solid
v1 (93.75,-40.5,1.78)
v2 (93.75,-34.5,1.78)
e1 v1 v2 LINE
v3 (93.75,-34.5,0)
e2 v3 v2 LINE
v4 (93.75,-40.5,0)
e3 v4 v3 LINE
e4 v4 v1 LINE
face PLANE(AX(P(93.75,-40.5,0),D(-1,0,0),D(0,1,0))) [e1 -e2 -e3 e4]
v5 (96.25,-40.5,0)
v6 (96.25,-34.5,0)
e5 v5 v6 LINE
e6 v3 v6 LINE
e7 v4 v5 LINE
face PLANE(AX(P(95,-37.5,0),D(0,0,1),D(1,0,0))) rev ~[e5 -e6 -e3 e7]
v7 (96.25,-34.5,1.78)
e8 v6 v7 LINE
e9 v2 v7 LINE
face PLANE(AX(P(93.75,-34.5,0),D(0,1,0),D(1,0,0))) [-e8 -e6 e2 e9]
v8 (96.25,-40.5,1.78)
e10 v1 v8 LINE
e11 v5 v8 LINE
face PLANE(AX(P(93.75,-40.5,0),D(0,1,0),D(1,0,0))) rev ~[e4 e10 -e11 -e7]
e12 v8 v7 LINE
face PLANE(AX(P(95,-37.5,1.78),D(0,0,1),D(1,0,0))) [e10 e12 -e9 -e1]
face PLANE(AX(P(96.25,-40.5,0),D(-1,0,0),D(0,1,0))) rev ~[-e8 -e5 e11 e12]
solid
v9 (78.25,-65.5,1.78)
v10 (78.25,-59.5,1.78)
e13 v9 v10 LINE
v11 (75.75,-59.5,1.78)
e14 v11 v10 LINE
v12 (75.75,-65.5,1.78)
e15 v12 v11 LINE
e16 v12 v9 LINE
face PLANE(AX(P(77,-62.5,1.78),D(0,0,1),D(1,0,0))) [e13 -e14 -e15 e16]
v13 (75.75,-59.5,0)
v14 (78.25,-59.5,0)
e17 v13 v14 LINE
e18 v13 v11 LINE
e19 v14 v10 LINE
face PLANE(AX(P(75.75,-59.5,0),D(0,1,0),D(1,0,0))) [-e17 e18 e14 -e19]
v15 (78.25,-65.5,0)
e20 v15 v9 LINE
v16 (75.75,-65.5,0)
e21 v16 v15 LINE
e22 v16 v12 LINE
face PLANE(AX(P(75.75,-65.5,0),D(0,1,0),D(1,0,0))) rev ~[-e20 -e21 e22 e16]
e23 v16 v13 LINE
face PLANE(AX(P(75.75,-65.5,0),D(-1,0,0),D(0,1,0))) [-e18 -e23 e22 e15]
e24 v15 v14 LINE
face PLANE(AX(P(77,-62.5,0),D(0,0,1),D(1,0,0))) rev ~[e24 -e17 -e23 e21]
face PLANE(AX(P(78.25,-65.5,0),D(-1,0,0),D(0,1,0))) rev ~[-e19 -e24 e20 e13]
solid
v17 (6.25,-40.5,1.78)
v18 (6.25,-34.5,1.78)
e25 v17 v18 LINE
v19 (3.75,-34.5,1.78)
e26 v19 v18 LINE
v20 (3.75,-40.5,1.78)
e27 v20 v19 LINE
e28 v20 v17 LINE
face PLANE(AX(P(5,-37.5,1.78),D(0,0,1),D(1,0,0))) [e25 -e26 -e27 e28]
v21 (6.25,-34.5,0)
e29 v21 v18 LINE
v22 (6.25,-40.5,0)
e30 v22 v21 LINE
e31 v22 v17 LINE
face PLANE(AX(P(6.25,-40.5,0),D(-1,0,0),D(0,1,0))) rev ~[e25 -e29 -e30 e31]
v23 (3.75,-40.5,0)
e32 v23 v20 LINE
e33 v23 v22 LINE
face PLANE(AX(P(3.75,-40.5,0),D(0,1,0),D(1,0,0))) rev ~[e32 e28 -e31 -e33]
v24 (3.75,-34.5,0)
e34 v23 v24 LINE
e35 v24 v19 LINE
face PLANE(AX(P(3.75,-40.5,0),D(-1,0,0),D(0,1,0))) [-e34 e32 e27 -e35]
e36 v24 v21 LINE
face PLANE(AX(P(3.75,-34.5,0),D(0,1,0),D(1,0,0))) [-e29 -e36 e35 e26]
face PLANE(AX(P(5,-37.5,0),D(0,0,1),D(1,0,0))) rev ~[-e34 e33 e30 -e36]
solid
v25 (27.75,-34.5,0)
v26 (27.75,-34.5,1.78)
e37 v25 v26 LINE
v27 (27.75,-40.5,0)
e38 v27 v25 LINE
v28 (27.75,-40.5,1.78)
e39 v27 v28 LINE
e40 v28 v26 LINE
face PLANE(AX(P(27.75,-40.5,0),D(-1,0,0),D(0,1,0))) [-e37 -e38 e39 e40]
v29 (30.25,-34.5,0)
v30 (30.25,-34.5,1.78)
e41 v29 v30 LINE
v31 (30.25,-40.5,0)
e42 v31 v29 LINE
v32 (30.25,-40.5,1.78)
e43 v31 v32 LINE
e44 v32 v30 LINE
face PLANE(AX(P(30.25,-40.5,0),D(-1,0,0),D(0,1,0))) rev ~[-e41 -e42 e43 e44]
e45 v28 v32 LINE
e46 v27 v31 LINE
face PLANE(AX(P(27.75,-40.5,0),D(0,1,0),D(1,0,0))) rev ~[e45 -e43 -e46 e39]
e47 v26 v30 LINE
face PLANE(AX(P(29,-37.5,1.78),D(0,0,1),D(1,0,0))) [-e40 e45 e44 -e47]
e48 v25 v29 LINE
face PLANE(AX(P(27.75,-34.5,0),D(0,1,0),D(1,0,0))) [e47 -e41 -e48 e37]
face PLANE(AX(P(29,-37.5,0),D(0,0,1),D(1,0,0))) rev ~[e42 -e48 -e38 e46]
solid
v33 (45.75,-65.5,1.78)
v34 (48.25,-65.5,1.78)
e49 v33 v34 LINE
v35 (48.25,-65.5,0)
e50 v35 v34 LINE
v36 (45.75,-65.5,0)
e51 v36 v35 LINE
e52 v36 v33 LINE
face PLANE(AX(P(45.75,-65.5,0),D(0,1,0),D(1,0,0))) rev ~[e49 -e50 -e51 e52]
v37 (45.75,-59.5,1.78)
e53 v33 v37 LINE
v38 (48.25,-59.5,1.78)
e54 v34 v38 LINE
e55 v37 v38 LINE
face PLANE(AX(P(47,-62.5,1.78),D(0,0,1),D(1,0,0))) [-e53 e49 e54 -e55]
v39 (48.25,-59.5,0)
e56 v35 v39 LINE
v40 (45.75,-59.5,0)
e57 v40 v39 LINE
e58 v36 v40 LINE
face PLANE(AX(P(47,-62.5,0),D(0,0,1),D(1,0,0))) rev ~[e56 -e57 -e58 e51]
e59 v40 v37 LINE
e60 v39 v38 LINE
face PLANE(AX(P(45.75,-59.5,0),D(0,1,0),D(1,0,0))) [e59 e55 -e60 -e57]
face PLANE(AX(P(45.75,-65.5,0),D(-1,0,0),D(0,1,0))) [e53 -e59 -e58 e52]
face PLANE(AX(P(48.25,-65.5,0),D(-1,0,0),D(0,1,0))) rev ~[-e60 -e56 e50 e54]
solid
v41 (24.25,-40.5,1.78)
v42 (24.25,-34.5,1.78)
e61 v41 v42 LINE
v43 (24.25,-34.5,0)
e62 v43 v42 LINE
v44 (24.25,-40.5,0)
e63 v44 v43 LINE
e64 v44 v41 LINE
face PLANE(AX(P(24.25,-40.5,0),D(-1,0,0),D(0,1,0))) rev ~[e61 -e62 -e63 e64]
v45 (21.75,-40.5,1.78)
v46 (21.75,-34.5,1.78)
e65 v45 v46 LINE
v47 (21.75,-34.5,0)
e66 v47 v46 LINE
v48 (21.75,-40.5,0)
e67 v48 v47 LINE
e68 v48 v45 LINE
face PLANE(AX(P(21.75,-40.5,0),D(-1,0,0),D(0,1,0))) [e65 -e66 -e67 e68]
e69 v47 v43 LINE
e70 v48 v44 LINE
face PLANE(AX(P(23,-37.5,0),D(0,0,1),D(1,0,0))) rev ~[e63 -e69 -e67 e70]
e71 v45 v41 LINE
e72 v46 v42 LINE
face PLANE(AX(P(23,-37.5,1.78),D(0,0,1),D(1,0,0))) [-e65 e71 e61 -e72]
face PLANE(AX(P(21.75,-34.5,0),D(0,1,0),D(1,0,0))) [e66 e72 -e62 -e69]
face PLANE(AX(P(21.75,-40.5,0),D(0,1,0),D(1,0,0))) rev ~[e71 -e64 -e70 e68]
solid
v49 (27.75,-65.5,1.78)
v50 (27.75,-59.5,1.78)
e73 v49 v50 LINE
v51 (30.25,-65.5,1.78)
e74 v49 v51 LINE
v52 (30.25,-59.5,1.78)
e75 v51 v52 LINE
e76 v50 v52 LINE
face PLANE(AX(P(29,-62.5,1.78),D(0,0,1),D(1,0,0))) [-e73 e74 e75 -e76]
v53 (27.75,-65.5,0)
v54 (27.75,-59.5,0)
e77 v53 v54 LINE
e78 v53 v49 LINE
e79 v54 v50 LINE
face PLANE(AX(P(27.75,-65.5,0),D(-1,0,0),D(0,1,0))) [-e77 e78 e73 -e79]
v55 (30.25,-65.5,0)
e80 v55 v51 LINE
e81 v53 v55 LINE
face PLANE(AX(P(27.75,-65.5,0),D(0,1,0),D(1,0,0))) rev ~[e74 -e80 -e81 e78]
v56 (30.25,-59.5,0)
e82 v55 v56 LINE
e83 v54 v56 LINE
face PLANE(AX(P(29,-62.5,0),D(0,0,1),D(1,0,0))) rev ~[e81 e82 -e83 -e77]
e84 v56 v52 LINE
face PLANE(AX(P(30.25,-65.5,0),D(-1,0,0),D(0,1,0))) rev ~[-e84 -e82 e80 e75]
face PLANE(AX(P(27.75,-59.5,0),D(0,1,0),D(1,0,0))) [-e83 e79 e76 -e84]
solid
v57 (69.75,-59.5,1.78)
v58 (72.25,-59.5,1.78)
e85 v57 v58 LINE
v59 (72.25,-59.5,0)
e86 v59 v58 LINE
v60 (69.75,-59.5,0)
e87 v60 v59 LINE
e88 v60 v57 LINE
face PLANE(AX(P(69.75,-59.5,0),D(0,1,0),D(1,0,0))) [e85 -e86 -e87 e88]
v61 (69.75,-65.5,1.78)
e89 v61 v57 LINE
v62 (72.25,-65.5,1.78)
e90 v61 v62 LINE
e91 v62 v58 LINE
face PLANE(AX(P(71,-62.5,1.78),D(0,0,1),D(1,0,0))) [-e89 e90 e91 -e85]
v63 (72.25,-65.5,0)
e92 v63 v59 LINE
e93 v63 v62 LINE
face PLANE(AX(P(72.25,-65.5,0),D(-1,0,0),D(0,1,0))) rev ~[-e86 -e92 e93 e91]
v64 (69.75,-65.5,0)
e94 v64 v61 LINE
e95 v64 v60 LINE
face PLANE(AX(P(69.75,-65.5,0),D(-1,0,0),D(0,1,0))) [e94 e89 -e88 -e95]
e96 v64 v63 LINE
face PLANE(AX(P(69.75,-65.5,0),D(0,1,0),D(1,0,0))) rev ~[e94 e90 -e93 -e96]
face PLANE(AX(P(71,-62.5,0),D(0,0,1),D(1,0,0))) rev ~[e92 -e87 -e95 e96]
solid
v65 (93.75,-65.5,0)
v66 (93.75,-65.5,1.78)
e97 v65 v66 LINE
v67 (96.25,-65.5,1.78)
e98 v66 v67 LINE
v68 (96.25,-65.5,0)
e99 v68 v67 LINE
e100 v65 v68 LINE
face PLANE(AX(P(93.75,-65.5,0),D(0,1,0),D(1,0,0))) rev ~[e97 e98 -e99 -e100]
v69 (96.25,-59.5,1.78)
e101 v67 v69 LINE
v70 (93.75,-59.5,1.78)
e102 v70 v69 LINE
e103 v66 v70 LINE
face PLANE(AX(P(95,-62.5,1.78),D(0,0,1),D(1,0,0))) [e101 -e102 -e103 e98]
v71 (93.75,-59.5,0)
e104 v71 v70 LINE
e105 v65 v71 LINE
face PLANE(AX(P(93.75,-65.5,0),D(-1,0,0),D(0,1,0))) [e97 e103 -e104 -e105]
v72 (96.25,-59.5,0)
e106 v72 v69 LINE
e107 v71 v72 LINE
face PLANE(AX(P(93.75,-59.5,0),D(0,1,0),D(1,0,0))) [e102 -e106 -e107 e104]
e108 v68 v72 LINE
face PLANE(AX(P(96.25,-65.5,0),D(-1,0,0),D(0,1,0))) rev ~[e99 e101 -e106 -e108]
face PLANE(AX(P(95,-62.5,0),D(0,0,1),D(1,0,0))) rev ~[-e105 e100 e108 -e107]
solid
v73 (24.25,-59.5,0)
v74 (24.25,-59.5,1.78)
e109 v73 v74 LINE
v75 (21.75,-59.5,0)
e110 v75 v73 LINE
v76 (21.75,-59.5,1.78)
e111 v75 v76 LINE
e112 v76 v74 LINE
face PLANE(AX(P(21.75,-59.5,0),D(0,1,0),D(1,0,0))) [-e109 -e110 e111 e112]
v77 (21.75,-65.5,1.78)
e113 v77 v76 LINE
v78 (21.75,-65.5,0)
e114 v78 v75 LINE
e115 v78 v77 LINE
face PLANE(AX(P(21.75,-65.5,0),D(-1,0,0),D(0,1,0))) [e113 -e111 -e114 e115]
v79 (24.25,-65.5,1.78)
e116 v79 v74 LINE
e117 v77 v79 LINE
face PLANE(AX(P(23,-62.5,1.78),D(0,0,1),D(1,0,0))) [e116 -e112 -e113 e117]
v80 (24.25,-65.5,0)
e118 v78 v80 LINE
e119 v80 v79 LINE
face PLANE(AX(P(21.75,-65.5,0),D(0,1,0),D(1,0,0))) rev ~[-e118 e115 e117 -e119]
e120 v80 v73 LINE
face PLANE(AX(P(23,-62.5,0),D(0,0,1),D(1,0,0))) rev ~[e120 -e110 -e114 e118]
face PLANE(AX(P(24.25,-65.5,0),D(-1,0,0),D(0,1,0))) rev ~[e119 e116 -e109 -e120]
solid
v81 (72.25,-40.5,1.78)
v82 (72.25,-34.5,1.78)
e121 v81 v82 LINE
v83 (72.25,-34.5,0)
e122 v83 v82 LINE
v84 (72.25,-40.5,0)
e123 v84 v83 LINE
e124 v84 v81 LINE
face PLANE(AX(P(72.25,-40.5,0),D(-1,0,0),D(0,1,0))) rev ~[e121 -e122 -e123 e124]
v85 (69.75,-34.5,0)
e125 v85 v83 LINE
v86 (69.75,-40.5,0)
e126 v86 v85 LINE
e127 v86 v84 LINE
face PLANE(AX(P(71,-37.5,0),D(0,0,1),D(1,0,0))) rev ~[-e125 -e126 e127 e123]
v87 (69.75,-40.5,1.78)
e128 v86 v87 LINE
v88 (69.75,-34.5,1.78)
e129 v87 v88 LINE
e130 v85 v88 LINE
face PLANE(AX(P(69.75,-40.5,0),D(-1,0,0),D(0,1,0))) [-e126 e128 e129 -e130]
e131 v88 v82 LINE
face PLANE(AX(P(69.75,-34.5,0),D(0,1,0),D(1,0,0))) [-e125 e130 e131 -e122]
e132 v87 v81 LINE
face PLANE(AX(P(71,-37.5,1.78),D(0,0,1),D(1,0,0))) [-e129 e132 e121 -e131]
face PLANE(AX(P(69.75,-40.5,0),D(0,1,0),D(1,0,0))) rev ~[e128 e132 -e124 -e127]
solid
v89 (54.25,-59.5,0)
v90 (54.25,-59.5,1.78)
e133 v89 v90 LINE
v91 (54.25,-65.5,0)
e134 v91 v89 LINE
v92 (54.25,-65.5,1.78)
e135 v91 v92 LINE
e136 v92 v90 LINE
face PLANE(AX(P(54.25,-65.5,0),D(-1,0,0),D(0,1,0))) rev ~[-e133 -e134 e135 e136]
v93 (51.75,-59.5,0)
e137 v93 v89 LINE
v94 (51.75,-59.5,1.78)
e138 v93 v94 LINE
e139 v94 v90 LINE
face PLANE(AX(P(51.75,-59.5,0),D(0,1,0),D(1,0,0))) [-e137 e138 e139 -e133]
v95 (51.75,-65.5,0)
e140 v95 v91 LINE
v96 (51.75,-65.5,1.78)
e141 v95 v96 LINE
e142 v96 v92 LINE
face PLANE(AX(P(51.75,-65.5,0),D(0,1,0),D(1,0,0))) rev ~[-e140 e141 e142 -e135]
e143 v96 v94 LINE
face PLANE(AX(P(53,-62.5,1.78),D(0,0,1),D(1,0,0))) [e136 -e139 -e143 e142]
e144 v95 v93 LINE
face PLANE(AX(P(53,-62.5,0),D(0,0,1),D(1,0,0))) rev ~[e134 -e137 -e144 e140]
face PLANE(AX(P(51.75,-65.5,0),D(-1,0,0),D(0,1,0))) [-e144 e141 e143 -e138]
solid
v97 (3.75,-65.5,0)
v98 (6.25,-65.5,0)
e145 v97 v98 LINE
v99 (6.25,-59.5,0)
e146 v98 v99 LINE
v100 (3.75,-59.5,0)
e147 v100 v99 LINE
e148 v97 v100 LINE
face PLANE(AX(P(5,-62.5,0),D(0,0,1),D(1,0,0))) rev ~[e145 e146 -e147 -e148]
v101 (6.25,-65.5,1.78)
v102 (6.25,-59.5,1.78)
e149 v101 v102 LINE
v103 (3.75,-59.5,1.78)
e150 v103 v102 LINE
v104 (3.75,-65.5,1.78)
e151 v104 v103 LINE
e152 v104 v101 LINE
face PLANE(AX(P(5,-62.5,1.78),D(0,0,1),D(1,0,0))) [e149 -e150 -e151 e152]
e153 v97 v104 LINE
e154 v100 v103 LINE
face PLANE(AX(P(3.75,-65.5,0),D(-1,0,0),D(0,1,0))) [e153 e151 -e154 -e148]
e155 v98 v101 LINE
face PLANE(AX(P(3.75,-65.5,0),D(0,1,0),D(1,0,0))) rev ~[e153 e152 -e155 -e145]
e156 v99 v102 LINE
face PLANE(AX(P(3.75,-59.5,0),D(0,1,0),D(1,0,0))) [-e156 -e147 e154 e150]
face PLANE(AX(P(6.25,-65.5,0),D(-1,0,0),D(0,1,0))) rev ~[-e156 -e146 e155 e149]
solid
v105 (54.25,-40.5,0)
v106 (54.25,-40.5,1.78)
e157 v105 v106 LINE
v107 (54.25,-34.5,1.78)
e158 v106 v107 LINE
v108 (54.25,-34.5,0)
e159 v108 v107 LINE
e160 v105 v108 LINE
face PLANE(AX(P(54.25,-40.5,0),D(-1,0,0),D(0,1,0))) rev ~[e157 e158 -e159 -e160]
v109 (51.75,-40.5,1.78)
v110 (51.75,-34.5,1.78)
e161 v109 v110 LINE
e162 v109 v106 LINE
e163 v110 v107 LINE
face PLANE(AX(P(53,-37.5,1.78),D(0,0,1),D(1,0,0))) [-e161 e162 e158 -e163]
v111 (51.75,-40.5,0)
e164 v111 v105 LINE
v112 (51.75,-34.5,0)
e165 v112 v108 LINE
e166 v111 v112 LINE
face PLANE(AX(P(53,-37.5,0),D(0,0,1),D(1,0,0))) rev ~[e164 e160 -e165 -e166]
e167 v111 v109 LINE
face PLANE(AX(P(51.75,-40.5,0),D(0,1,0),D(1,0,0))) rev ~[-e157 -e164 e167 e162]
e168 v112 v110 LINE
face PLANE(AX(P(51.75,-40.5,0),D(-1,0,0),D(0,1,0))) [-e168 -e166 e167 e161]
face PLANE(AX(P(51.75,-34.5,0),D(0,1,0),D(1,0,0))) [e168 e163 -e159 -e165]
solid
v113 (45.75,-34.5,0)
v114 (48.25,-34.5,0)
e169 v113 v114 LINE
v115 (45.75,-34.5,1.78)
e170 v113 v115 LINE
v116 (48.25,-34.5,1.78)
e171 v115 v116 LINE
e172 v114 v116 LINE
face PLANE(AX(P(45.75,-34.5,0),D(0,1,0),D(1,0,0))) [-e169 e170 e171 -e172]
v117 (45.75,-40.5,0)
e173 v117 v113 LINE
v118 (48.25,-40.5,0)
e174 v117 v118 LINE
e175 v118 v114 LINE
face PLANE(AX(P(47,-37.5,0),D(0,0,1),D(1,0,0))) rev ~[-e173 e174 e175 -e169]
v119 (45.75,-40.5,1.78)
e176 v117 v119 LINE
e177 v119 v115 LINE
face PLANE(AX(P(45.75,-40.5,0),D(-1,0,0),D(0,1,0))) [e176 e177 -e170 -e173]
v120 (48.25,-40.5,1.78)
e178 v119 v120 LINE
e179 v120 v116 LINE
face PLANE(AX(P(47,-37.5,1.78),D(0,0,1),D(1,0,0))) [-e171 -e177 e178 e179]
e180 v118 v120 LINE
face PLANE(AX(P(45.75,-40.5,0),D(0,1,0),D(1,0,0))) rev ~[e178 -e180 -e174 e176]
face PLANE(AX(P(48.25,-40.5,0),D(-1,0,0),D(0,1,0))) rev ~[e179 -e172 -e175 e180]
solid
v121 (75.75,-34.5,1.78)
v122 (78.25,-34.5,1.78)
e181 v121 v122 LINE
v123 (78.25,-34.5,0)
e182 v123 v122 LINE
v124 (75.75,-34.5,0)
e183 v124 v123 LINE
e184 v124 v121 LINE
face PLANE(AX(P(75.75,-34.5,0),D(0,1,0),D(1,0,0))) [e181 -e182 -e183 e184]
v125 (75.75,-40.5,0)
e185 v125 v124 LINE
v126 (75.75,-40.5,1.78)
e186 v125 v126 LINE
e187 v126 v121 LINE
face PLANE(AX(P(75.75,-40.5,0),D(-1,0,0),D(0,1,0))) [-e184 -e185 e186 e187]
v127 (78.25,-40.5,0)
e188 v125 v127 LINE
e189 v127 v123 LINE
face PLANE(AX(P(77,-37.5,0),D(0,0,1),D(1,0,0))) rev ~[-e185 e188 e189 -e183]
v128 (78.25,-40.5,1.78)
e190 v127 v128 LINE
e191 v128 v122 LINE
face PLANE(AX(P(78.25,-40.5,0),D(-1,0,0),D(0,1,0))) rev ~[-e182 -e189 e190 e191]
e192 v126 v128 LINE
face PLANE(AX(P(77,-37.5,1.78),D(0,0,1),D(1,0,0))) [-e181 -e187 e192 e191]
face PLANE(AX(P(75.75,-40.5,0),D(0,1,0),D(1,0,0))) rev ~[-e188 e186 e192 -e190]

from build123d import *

# Parameters (mm, degrees)
SKETCH1_W              = 2.5
SKETCH1_H              = 6
BOSS_EXTRUDE1_DEPTH    = 1.78
BOSS_EXTRUDE1_2_DEPTH  = 1.78
BOSS_EXTRUDE1_3_DEPTH  = 1.78
BOSS_EXTRUDE1_4_DEPTH  = 1.78
BOSS_EXTRUDE1_5_DEPTH  = 1.78
BOSS_EXTRUDE1_6_DEPTH  = 1.78
BOSS_EXTRUDE1_7_DEPTH  = 1.78
BOSS_EXTRUDE1_8_DEPTH  = 1.78
BOSS_EXTRUDE1_9_DEPTH  = 1.78
BOSS_EXTRUDE1_10_DEPTH = 1.78
BOSS_EXTRUDE1_11_DEPTH = 1.78
BOSS_EXTRUDE1_12_DEPTH = 1.78
BOSS_EXTRUDE1_13_DEPTH = 1.78
BOSS_EXTRUDE1_14_DEPTH = 1.78
BOSS_EXTRUDE1_15_DEPTH = 1.78
BOSS_EXTRUDE1_16_DEPTH = 1.78


with BuildPart() as part:
    # Sketch1 → Boss-Extrude1 (new body)
    with BuildSketch(Plane.XY):
        with Locations((23, -37.5)):
            Rectangle(SKETCH1_W, SKETCH1_H)
    extrude(amount=BOSS_EXTRUDE1_DEPTH)


with BuildPart() as body_2:
    # Sketch1 → Boss-Extrude1 2 (new body)
    with BuildSketch(Plane.XY):
        with Locations((5, -37.5)):
            Rectangle(SKETCH1_W, SKETCH1_H)
    extrude(amount=BOSS_EXTRUDE1_2_DEPTH)


with BuildPart() as body_3:
    # Sketch1 → Boss-Extrude1 3 (new body)
    with BuildSketch(Plane.XY):
        with Locations((5, -62.5)):
            Rectangle(SKETCH1_W, SKETCH1_H)
    extrude(amount=BOSS_EXTRUDE1_3_DEPTH)


with BuildPart() as body_4:
    # Sketch1 → Boss-Extrude1 4 (new body)
    with BuildSketch(Plane.XY):
        with Locations((23, -62.5)):
            Rectangle(SKETCH1_W, SKETCH1_H)
    extrude(amount=BOSS_EXTRUDE1_4_DEPTH)


with BuildPart() as body_5:
    # Sketch1 → Boss-Extrude1 5 (new body)
    with BuildSketch(Plane.XY):
        with Locations((47, -37.5)):
            Rectangle(SKETCH1_W, SKETCH1_H)
    extrude(amount=BOSS_EXTRUDE1_5_DEPTH)


with BuildPart() as body_6:
    # Sketch1 → Boss-Extrude1 6 (new body)
    with BuildSketch(Plane.XY):
        with Locations((29, -37.5)):
            Rectangle(SKETCH1_W, SKETCH1_H)
    extrude(amount=BOSS_EXTRUDE1_6_DEPTH)


with BuildPart() as body_7:
    # Sketch1 → Boss-Extrude1 7 (new body)
    with BuildSketch(Plane.XY):
        with Locations((29, -62.5)):
            Rectangle(SKETCH1_W, SKETCH1_H)
    extrude(amount=BOSS_EXTRUDE1_7_DEPTH)


with BuildPart() as body_8:
    # Sketch1 → Boss-Extrude1 8 (new body)
    with BuildSketch(Plane.XY):
        with Locations((47, -62.5)):
            Rectangle(SKETCH1_W, SKETCH1_H)
    extrude(amount=BOSS_EXTRUDE1_8_DEPTH)


with BuildPart() as body_9:
    # Sketch1 → Boss-Extrude1 9 (new body)
    with BuildSketch(Plane.XY):
        with Locations((71, -37.5)):
            Rectangle(SKETCH1_W, SKETCH1_H)
    extrude(amount=BOSS_EXTRUDE1_9_DEPTH)


with BuildPart() as body_10:
    # Sketch1 → Boss-Extrude1 10 (new body)
    with BuildSketch(Plane.XY):
        with Locations((53, -37.5)):
            Rectangle(SKETCH1_W, SKETCH1_H)
    extrude(amount=BOSS_EXTRUDE1_10_DEPTH)


with BuildPart() as body_11:
    # Sketch1 → Boss-Extrude1 11 (new body)
    with BuildSketch(Plane.XY):
        with Locations((53, -62.5)):
            Rectangle(SKETCH1_W, SKETCH1_H)
    extrude(amount=BOSS_EXTRUDE1_11_DEPTH)


with BuildPart() as body_12:
    # Sketch1 → Boss-Extrude1 12 (new body)
    with BuildSketch(Plane.XY):
        with Locations((71, -62.5)):
            Rectangle(SKETCH1_W, SKETCH1_H)
    extrude(amount=BOSS_EXTRUDE1_12_DEPTH)


with BuildPart() as body_13:
    # Sketch1 → Boss-Extrude1 13 (new body)
    with BuildSketch(Plane.XY):
        with Locations((95, -37.5)):
            Rectangle(SKETCH1_W, SKETCH1_H)
    extrude(amount=BOSS_EXTRUDE1_13_DEPTH)


with BuildPart() as body_14:
    # Sketch1 → Boss-Extrude1 14 (new body)
    with BuildSketch(Plane.XY):
        with Locations((77, -37.5)):
            Rectangle(SKETCH1_W, SKETCH1_H)
    extrude(amount=BOSS_EXTRUDE1_14_DEPTH)


with BuildPart() as body_15:
    # Sketch1 → Boss-Extrude1 15 (new body)
    with BuildSketch(Plane.XY):
        with Locations((77, -62.5)):
            Rectangle(SKETCH1_W, SKETCH1_H)
    extrude(amount=BOSS_EXTRUDE1_15_DEPTH)


with BuildPart() as body_16:
    # Sketch1 → Boss-Extrude1 16 (new body)
    with BuildSketch(Plane.XY):
        with Locations((95, -62.5)):
            Rectangle(SKETCH1_W, SKETCH1_H)
    extrude(amount=BOSS_EXTRUDE1_16_DEPTH)


solid = Compound([part.part, body_2.part, body_3.part, body_4.part, body_5.part, body_6.part, body_7.part, body_8.part, body_9.part, body_10.part, body_11.part, body_12.part, body_13.part, body_14.part, body_15.part, body_16.part])
